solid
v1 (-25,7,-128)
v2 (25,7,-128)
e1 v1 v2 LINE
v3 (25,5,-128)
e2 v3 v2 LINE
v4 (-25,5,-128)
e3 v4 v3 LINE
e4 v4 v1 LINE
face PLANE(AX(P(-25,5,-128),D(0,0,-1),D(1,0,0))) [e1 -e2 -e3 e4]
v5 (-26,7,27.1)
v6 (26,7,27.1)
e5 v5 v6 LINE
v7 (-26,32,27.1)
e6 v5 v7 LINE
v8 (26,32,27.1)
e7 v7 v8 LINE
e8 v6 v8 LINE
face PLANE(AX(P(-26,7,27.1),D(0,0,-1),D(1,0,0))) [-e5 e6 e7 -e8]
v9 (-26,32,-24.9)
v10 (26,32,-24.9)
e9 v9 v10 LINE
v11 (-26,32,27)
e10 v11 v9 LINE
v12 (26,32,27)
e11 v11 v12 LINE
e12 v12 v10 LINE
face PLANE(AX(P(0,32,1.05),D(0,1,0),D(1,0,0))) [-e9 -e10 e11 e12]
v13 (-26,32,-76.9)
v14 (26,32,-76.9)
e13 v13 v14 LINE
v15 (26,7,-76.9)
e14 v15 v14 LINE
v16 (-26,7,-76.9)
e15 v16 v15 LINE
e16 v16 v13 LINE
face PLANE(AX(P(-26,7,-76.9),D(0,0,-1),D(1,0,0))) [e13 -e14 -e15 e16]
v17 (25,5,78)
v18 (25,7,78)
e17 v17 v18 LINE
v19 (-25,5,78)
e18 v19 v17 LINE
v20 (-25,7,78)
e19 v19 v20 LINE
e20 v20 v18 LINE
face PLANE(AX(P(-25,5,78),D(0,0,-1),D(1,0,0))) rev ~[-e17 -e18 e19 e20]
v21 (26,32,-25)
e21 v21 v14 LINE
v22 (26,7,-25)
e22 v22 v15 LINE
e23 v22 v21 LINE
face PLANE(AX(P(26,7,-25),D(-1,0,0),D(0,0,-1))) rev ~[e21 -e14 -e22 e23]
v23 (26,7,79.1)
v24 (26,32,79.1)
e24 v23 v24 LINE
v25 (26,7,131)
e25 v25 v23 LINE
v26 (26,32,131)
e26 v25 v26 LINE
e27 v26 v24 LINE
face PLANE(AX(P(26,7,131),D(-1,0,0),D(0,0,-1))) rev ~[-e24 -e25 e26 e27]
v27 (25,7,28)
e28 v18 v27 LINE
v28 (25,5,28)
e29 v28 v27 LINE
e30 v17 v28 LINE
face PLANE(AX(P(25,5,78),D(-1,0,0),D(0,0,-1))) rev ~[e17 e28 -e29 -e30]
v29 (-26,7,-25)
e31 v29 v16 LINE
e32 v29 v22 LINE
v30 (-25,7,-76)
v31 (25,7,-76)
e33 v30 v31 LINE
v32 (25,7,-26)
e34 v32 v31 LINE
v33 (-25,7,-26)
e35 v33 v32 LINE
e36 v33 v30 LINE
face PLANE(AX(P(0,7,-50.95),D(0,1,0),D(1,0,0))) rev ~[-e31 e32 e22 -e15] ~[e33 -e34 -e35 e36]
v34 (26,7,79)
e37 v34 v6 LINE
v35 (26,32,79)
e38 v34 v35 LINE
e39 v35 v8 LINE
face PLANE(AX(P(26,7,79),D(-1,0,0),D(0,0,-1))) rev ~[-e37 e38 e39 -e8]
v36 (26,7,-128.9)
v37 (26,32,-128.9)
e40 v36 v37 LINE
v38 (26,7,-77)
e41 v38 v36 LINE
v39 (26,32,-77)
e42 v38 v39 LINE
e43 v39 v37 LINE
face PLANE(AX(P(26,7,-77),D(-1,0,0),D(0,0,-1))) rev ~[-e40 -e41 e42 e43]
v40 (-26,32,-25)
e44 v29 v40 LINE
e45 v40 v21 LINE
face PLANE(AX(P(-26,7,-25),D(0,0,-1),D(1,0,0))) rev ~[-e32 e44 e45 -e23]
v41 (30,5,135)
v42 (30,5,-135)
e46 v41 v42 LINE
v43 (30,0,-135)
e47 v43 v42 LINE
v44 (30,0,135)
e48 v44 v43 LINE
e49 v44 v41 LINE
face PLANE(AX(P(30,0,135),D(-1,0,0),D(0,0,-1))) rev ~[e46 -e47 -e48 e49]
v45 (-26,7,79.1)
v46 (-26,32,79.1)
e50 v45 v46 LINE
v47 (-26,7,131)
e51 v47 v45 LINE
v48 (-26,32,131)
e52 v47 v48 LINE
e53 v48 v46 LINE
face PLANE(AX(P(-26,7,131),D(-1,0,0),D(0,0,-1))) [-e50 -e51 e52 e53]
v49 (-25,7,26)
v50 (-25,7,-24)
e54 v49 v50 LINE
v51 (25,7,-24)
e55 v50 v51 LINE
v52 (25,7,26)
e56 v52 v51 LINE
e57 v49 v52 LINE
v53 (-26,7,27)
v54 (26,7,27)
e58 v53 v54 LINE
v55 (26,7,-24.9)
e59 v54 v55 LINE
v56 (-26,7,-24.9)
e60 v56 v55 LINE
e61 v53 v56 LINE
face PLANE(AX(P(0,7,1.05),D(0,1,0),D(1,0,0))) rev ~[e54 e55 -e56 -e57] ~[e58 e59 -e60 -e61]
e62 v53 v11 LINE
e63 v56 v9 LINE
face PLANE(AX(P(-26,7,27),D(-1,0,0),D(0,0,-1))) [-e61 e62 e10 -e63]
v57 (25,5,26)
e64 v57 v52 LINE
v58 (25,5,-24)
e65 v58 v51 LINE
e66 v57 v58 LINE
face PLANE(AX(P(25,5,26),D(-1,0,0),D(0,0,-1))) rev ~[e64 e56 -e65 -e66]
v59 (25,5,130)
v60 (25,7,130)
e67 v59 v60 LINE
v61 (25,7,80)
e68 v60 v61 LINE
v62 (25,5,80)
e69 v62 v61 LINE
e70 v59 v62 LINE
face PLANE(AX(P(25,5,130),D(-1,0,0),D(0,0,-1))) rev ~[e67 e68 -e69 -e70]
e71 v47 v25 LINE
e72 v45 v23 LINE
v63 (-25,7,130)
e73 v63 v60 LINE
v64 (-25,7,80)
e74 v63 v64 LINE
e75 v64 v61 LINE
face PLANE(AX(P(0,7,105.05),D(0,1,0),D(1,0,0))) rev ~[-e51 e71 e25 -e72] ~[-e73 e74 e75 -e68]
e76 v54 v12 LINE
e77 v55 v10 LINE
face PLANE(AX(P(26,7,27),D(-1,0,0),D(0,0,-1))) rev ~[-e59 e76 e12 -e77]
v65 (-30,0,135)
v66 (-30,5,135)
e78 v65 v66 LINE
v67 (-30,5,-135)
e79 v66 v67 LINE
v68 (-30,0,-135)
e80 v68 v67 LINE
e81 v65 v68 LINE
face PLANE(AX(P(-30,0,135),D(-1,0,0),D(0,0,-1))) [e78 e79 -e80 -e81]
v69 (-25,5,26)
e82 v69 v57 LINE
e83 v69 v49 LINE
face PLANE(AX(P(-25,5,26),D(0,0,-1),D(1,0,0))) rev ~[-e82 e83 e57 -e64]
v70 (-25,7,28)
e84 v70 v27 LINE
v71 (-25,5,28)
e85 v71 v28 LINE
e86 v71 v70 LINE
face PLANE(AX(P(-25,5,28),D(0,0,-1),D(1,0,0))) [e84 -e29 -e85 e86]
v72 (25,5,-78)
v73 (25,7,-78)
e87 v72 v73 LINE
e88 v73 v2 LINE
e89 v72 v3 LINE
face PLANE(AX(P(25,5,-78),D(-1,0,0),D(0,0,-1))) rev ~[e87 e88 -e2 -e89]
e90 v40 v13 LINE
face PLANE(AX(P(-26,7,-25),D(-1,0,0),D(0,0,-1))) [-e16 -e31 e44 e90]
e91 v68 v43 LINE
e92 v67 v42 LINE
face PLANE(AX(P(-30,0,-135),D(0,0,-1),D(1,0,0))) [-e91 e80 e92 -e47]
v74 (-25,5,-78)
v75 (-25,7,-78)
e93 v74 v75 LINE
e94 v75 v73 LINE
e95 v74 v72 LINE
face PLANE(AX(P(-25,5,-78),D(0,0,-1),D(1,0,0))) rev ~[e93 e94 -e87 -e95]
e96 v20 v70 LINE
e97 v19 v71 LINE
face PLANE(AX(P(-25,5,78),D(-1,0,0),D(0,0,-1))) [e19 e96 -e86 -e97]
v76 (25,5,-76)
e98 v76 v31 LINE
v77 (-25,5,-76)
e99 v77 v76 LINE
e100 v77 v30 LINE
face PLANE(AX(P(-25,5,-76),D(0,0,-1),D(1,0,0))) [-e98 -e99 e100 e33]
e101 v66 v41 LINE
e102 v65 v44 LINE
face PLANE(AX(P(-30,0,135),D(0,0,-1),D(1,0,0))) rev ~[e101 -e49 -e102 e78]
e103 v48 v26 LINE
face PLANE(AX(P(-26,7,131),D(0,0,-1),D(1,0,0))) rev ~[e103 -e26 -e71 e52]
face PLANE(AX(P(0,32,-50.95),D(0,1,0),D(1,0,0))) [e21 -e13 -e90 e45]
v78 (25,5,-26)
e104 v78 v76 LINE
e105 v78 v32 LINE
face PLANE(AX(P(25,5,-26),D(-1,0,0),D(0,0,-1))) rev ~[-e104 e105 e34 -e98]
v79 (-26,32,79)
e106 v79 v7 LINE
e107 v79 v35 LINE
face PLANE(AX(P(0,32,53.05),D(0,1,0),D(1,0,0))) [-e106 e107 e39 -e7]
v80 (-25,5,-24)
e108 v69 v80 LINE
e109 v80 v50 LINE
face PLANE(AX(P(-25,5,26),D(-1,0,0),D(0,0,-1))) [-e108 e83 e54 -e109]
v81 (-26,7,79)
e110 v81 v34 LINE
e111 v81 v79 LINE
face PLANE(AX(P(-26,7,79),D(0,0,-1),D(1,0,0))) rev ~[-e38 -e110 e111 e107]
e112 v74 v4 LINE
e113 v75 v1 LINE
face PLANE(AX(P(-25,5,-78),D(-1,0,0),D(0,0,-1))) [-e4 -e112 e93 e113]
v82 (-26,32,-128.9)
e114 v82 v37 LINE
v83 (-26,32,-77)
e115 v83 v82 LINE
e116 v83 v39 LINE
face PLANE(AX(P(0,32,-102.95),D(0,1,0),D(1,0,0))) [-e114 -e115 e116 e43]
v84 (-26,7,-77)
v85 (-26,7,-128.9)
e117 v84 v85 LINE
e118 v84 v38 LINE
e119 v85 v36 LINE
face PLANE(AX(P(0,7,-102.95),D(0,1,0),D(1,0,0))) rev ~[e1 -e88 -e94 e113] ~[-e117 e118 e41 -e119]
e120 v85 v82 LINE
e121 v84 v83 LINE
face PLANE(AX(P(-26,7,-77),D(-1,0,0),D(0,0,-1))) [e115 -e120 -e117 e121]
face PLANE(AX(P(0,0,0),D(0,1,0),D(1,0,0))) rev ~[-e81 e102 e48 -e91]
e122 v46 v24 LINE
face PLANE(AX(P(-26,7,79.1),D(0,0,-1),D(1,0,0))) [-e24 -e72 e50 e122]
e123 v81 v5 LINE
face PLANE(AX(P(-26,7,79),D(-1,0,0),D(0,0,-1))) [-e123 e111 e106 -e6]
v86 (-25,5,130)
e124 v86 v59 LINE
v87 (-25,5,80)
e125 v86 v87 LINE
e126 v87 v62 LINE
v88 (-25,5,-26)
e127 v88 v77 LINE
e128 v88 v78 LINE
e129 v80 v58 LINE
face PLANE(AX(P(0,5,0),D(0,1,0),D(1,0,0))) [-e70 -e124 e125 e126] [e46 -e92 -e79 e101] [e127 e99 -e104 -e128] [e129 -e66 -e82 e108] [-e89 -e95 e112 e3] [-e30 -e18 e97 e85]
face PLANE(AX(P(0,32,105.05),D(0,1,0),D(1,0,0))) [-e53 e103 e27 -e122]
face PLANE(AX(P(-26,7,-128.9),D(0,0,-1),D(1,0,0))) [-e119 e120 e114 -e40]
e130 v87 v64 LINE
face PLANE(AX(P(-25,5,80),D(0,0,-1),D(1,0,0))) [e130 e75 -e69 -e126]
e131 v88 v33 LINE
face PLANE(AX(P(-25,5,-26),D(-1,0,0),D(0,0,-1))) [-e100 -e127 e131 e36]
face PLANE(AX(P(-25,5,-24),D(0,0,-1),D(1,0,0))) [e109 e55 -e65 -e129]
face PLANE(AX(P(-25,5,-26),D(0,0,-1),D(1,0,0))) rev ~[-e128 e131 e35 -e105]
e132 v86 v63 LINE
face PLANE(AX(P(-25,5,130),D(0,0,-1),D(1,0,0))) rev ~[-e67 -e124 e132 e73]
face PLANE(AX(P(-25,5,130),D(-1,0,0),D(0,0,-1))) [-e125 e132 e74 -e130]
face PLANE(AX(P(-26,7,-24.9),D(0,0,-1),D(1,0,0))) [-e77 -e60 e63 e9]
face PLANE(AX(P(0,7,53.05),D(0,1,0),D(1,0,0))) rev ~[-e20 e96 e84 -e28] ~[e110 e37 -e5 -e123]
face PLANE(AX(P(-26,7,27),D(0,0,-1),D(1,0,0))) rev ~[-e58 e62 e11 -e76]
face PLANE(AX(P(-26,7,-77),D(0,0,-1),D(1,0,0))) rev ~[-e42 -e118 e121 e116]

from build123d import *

# Parameters (mm, degrees)
SKETCH1_W           = 60
SKETCH1_H           = 270
BOSS_EXTRUDE1_DEPTH = 5
SKETCH2_W           = 50
SKETCH2_H           = 50
BOSS_EXTRUDE3_DEPTH = 2
LPATTERN1_COUNT     = 5
LPATTERN1_PITCH     = 52
SKETCH3_W           = 52
SKETCH3_H           = 51.9
BOSS_EXTRUDE8_DEPTH = 25
LPATTERN5_COUNT     = 5
LPATTERN5_PITCH     = 52


with BuildPart() as part:
    # Sketch1 → Boss-Extrude1 (new body)
    with BuildSketch(Plane(origin=(0, 0, 0), x_dir=(1, 0, 0), z_dir=(0, 1, 0))):
        Rectangle(SKETCH1_W, SKETCH1_H)
    extrude(amount=BOSS_EXTRUDE1_DEPTH)

    # Sketch2 → Boss-Extrude3 (add)
    with BuildSketch(Plane(origin=(0, 5, 0), x_dir=(1, 0, 0), z_dir=(0, 1, 0))):
        with Locations((0, -105)):
            Rectangle(SKETCH2_W, SKETCH2_H)
    boss_extrude3 = extrude(amount=BOSS_EXTRUDE3_DEPTH)

    # LPattern1: Boss-Extrude3 ×5
    with Locations(*[(0, 0, -i * LPATTERN1_PITCH) for i in range(1, LPATTERN1_COUNT)]):
        add(boss_extrude3)

    # Sketch3 → Boss-Extrude8 (add)
    with BuildSketch(Plane(origin=(0, 7, 0), x_dir=(1, 0, 0), z_dir=(0, 1, 0))):
        with Locations((0, -105.05)):
            Rectangle(SKETCH3_W, SKETCH3_H)
    boss_extrude8 = extrude(amount=BOSS_EXTRUDE8_DEPTH)

    # LPattern5: Boss-Extrude8 ×5
    with Locations(*[(0, 0, -i * LPATTERN5_PITCH) for i in range(1, LPATTERN5_COUNT)]):
        add(boss_extrude8)


solid = part.part
